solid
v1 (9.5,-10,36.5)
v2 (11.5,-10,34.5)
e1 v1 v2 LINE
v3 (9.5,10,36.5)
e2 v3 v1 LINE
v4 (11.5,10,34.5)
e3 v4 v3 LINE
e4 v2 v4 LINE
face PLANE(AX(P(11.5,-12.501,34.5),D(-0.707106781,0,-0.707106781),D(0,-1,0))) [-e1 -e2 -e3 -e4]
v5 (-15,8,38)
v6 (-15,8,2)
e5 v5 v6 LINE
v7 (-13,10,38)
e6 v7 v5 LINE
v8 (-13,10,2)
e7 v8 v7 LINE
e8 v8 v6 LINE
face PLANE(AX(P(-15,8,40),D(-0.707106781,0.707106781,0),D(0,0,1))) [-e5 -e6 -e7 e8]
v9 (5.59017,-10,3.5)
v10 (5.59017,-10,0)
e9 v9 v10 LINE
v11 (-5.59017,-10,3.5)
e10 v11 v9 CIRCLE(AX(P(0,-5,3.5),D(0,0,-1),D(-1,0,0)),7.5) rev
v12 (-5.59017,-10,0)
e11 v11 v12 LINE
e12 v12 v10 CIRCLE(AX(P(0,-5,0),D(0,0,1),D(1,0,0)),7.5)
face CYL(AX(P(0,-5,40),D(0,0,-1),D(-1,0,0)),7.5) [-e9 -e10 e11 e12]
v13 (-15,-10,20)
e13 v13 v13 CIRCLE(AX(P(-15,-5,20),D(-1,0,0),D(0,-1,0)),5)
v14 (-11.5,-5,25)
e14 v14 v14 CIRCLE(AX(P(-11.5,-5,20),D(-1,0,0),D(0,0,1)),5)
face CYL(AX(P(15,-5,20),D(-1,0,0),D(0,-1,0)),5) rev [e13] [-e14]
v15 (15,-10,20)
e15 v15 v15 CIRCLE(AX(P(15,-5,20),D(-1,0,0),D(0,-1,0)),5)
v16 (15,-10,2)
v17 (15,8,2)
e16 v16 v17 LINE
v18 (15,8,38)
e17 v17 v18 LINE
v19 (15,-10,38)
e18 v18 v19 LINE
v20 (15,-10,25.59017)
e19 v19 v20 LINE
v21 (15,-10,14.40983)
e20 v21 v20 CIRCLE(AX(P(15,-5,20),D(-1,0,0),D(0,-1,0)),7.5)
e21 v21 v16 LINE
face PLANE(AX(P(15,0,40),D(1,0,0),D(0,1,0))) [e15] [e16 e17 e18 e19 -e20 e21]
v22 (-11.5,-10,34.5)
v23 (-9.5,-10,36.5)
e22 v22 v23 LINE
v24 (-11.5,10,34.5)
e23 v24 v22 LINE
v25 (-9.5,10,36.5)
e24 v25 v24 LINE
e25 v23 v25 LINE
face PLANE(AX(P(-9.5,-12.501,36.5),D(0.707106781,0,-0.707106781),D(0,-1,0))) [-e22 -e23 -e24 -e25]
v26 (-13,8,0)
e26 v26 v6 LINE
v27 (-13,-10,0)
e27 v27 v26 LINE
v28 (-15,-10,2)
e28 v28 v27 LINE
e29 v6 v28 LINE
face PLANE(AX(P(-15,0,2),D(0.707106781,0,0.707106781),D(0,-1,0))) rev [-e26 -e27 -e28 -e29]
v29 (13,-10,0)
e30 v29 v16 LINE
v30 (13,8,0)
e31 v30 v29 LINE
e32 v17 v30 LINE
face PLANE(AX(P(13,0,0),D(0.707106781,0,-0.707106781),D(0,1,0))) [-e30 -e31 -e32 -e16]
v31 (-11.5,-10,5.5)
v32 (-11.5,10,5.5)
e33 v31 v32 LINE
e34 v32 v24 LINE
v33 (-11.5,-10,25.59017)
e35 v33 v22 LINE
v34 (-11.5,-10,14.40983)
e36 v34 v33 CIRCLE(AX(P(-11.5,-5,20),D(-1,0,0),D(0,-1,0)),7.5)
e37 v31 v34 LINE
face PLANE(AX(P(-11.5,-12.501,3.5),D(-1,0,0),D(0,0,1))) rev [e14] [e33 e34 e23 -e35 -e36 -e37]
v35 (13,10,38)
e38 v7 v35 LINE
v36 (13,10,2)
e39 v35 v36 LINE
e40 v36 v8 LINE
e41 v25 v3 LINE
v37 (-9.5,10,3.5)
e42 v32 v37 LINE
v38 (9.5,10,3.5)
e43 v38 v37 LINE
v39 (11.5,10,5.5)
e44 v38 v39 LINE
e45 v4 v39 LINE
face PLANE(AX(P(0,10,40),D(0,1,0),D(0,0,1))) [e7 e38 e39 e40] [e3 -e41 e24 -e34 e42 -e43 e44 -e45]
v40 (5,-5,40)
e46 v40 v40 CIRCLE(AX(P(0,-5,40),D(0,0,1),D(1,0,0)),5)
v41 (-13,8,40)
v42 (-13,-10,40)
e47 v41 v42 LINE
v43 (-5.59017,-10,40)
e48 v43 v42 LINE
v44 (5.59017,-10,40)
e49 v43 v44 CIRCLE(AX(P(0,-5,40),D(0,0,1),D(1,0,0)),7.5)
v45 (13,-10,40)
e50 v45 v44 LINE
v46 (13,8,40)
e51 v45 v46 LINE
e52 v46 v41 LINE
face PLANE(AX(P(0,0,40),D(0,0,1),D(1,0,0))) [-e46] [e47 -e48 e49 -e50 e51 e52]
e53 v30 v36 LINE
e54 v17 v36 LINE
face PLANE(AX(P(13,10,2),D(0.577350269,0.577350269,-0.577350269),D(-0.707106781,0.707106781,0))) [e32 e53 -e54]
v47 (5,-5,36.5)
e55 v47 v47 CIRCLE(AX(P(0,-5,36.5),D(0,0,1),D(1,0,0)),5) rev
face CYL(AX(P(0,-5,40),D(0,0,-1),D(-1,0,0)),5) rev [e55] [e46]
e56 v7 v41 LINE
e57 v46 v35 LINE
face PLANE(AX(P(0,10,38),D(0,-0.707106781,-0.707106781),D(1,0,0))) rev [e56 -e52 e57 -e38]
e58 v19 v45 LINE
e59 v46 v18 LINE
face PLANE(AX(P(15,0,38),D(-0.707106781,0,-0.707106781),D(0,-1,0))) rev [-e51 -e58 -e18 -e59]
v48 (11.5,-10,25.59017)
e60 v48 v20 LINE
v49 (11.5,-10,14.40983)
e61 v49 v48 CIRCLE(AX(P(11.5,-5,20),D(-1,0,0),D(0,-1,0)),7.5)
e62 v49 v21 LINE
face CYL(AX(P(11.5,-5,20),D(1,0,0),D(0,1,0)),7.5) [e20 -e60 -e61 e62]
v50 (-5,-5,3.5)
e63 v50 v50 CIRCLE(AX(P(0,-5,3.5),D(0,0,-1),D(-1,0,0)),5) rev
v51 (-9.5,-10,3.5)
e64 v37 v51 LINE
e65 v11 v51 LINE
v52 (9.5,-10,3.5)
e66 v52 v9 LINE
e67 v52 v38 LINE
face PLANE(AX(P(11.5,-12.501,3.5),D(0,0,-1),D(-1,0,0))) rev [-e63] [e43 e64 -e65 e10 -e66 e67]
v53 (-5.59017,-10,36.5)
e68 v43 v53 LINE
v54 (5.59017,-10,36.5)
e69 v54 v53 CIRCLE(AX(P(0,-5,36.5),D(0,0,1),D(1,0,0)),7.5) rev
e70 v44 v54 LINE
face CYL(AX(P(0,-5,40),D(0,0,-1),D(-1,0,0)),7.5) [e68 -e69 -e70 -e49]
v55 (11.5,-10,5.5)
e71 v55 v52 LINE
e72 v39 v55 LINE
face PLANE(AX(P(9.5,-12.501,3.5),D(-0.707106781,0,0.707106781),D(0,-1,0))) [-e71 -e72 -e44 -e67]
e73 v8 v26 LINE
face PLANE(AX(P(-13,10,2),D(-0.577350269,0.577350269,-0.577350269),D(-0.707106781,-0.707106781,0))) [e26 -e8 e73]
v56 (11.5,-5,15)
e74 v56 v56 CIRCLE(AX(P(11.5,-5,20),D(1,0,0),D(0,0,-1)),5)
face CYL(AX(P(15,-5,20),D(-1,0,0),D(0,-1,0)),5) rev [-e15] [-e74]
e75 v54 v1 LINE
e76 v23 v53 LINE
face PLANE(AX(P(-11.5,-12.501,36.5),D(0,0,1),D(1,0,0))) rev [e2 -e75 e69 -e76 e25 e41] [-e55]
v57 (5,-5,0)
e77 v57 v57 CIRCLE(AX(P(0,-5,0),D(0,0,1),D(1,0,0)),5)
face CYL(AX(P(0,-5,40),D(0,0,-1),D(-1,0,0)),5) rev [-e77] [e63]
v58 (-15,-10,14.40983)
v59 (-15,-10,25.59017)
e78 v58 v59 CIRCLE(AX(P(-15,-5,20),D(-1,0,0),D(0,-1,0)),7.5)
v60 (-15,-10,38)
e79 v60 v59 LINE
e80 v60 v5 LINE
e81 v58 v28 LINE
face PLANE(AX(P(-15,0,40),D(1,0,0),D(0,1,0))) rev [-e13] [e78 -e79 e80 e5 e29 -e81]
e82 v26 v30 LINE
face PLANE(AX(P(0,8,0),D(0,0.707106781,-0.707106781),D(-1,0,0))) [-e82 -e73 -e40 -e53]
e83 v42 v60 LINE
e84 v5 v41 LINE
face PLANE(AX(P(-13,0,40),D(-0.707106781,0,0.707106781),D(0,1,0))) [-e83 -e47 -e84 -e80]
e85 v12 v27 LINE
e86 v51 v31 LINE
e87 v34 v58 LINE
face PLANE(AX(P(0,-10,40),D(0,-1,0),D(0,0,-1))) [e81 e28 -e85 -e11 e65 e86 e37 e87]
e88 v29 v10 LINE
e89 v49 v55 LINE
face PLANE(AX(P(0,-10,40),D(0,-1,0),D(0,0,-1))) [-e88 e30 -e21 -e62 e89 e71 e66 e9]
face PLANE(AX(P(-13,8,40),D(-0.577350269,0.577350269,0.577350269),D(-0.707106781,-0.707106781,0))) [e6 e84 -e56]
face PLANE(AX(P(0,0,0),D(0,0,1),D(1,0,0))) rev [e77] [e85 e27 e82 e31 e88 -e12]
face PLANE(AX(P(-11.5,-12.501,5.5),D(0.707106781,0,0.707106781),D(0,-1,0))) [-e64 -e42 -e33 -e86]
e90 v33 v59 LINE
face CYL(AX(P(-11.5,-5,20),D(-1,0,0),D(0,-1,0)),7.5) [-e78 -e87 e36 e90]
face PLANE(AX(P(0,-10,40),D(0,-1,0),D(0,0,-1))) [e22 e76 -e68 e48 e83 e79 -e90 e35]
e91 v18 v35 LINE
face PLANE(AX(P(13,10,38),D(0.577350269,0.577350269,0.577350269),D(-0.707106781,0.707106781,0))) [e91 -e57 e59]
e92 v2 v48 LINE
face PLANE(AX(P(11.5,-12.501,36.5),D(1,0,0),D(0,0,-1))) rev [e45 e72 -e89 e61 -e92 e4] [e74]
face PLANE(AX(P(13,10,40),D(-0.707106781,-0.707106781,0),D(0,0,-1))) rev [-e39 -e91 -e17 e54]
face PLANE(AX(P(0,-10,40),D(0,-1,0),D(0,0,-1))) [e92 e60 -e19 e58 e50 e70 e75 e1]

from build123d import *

# Parameters (mm, degrees)
SKETCH1_R           = 5
BOSS_EXTRUDE1_DEPTH = 40
CUT_EXTRUDE1_REACH  = 50.283
SKETCH3_W           = 23
SKETCH3_H           = 33
BOSS_EXTRUDE2_DEPTH = 3.5
CHAMFER1_SIZE       = 2
SKETCH6_R           = 5
CUT_EXTRUDE8_DEPTH  = 52.53882032


with BuildPart() as part:
    # Sketch1 → Boss-Extrude1 (new body)
    with BuildSketch(Plane.XY):
        with BuildLine():
            ThreePointArc((-5.590169944, -10), (0, -12.5), (5.590169944, -10))
            Line((5.590169944, -10), (15, -10))
            Line((15, -10), (15, 10))
            Line((15, 10), (-15, 10))
            Line((-15, 10), (-15, -10))
            Line((-15, -10), (-5.590169944, -10))
        make_face()
        with Locations((0, -5)):
            Circle(SKETCH1_R, mode=Mode.SUBTRACT)
    extrude(amount=BOSS_EXTRUDE1_DEPTH)

    # Sketch3 → Cut-Extrude1 (cut, up to next)
    with BuildSketch(Plane(origin=(0, 10, 0), x_dir=(1, 0, 0), z_dir=(0, 1, 0)), mode=Mode.PRIVATE) as cut_extrude1_sk1:
        with Locations((0, -20)):
            Rectangle(SKETCH3_W, SKETCH3_H)
    cut_extrude1_tool1 = extrude(cut_extrude1_sk1.sketch, amount=-CUT_EXTRUDE1_REACH, mode=Mode.PRIVATE) & part.part
    add(cut_extrude1_tool1.solids().sort_by_distance((0, 10, 20))[0], mode=Mode.SUBTRACT)

    # Sketch4 → Boss-Extrude2 (add)
    with BuildSketch(Plane.ZY.offset(15)):
        with BuildLine():
            Line((25.590169944, -10), (14.409830056, -10))
            ThreePointArc((14.409830056, -10), (20, -12.5), (25.590169944, -10))
        make_face()
    boss_extrude2 = extrude(amount=-BOSS_EXTRUDE2_DEPTH)

    # Mirror1: Boss-Extrude2 across plane
    add(boss_extrude2.mirror(Plane(origin=(0, 0, 0), x_dir=(0, 0, 1), z_dir=(1, 0, 0))))

    # Chamfer1
    chamfer1_edges = [part.edges().sort_by_distance(p)[0] for p in [
        (15, 0, 0),
        (-15, 10, 20),
        (15, 10, 20),
        (15, 0, 40),
        (0, 10, 40),
        (-15, 0, 40),
        (-11.5, 0, 36.5),
        (-11.5, 0, 3.5),
        (11.5, 0, 3.5),
        (11.5, 0, 36.5),
        (-15, 0, 0),
        (0, 10, 0),
    ]]
    chamfer(chamfer1_edges, length=CHAMFER1_SIZE)

    # Sketch6 → Cut-Extrude8 (cut, through all)
    with BuildSketch(Plane.ZY.offset(15)):
        with Locations(Location((20, -5, 0), (0, 0, 270))):
            Circle(SKETCH6_R)
    extrude(amount=-CUT_EXTRUDE8_DEPTH, mode=Mode.SUBTRACT)


solid = part.part
